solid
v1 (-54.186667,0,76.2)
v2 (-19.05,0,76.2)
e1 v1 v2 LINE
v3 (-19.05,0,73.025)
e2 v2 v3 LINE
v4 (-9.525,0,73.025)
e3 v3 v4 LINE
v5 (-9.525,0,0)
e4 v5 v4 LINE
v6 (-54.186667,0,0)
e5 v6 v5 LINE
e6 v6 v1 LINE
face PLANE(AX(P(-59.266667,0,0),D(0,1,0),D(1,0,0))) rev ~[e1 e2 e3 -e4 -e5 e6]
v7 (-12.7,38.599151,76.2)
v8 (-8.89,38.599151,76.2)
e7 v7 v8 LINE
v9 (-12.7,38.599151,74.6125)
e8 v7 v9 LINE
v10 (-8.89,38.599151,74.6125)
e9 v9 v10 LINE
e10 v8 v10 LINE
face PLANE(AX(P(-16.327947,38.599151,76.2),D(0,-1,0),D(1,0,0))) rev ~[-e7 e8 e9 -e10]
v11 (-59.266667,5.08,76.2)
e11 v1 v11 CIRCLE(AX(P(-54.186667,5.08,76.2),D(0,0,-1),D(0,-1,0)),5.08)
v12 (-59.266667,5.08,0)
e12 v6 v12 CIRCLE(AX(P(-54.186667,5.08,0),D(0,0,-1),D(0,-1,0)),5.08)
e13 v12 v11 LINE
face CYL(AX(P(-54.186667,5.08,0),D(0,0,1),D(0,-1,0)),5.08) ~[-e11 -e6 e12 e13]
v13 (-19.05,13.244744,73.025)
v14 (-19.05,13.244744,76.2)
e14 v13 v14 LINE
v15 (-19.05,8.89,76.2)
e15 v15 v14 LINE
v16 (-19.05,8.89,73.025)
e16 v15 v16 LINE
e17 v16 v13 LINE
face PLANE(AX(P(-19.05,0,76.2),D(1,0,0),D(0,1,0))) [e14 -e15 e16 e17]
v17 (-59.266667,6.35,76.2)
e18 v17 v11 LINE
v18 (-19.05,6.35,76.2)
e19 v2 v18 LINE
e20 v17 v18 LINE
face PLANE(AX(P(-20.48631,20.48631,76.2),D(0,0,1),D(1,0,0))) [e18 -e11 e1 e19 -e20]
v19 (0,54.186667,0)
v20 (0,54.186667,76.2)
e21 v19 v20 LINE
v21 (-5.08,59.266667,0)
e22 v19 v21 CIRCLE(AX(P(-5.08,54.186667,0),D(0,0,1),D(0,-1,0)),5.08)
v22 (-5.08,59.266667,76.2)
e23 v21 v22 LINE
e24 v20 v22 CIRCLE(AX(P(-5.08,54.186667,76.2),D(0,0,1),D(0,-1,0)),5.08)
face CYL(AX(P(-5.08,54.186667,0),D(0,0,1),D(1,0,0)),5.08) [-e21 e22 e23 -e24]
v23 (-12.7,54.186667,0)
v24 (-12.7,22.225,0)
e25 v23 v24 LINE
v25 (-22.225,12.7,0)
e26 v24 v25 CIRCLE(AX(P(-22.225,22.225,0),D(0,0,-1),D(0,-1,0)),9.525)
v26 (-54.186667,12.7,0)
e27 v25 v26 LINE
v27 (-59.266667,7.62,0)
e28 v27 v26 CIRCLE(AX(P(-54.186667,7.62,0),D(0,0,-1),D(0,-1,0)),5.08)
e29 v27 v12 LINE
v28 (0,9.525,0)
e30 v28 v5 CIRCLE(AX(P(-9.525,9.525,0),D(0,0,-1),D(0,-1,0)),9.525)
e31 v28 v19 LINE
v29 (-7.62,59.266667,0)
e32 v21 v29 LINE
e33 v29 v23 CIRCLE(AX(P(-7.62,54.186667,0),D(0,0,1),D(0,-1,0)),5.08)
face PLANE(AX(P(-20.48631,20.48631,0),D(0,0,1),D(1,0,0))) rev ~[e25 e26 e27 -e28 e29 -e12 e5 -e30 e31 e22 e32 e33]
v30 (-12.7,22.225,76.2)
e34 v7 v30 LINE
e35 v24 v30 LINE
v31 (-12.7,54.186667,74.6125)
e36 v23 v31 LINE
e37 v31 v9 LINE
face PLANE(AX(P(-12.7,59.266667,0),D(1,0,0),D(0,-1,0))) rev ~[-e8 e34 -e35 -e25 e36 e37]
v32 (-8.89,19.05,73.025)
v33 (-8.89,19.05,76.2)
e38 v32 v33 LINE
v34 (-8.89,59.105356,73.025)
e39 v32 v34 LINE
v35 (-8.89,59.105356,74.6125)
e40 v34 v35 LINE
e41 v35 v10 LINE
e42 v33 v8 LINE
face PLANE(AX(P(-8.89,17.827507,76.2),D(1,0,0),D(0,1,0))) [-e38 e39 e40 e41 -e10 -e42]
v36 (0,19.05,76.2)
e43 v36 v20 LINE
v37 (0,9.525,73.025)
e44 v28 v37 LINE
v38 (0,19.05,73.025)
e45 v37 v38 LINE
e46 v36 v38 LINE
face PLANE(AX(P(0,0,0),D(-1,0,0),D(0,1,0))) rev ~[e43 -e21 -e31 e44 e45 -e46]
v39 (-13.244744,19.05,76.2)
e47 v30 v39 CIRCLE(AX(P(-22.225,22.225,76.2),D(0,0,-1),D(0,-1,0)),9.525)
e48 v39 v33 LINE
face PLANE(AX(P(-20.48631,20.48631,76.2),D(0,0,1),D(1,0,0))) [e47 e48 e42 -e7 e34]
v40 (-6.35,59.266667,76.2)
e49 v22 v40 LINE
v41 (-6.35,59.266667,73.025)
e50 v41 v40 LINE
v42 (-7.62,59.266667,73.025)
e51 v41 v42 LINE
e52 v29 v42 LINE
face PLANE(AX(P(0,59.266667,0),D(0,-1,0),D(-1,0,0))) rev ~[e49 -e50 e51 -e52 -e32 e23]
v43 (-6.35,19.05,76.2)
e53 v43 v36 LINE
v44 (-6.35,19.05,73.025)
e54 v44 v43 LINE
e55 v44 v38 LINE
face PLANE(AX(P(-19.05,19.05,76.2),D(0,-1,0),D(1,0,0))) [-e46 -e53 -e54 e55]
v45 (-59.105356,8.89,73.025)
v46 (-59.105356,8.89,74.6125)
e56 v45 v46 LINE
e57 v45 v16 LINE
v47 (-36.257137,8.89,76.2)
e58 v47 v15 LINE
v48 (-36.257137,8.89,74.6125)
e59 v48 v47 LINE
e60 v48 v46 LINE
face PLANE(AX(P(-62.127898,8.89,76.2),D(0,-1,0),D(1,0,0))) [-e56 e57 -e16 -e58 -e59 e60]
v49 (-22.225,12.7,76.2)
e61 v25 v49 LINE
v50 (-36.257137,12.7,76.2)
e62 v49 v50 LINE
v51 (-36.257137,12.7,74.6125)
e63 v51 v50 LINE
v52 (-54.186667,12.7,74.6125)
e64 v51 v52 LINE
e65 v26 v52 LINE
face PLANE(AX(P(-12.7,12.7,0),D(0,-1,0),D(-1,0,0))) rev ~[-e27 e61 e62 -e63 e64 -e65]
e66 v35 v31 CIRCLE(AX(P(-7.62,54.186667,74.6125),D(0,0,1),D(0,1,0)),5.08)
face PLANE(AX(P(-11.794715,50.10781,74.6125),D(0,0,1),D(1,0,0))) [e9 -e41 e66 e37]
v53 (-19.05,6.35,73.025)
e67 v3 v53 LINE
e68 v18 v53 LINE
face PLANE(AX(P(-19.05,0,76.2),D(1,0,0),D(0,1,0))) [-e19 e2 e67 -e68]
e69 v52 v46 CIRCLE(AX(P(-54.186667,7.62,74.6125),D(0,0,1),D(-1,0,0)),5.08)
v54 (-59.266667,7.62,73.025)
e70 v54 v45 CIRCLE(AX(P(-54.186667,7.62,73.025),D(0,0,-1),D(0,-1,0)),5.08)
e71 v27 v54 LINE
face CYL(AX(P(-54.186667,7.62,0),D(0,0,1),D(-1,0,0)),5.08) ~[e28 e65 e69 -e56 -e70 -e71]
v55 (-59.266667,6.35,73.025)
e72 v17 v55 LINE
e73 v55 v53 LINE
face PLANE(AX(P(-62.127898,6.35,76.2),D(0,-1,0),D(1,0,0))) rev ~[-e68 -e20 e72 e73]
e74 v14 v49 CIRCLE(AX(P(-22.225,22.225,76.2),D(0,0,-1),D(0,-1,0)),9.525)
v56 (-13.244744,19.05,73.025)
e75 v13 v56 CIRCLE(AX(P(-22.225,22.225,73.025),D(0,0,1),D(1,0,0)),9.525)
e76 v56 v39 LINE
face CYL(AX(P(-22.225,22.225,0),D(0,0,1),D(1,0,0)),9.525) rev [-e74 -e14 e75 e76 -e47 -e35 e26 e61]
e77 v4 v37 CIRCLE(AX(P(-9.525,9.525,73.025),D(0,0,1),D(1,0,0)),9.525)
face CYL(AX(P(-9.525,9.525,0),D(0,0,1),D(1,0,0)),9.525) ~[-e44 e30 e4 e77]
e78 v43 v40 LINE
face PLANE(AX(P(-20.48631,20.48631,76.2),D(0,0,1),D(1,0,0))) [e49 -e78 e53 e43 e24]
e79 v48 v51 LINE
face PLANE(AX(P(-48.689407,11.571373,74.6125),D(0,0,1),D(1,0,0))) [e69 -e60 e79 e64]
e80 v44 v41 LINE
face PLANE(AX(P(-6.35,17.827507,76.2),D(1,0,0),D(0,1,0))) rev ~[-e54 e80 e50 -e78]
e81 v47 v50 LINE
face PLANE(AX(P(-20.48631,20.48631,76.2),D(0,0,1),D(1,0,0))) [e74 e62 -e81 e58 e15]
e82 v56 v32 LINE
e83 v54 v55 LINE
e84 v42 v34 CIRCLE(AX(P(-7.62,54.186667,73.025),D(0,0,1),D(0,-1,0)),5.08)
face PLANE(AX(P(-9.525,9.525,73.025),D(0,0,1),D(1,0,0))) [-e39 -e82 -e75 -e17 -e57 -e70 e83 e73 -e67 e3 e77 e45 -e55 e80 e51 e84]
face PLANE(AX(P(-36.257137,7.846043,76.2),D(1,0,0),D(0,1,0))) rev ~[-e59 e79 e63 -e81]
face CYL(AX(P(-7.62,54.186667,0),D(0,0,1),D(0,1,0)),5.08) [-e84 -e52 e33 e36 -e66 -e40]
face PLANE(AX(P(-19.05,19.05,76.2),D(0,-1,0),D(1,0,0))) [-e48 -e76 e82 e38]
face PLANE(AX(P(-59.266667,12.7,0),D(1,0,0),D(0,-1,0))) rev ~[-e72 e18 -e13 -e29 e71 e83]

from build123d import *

# Parameters (mm, degrees)
F1_DEPTH  = 76.2
F2_R      = 9.525
F4_W      = 19.05
F4_H      = 19.05
F5_DEPTH  = 3.175
F6_W      = 2.54
F6_H      = 44.45
F6_W_2    = 44.45
F6_H_2    = 2.54
F7_DEPTH  = 3.175
F8_R      = 5.08
F9_W      = 24.864539
F9_H      = 7.45066
F9_W_2    = 9.066464
F9_H_2    = 23.017317
F10_DEPTH = 1.5875


with BuildPart() as f1:
    # F0 (on Top) → F1 (new body)
    with BuildSketch(Plane.XY):
        Polygon((-12.7, 0), (0, 0), (0, 59.266667), (-12.7, 59.266667), (-12.7, 12.7), (-59.266667, 12.7), (-59.266667, 0), align=None)
    extrude(amount=F1_DEPTH)

    # F2
    f2_edges = [f1.edges().sort_by_distance(p)[0] for p in [
        (-12.7, 12.7, 38.1),
        (0, 0, 38.1),
    ]]
    fillet(f2_edges, radius=F2_R)

    # F4 (on offset) → F5 (cut)
    with BuildSketch(Plane.XY.offset(76.2)):
        with Locations((-9.525, 9.525)):
            Rectangle(F4_W, F4_H)
    extrude(amount=-F5_DEPTH, mode=Mode.SUBTRACT)

    # F6 (on offset) → F7 (cut)
    with BuildSketch(Plane.XY.offset(76.2)):
        with Locations((-7.62, 40.052507)):
            Rectangle(F6_W, F6_H)
        with Locations((-39.902898, 7.62)):
            Rectangle(F6_W_2, F6_H_2)
    extrude(amount=-F7_DEPTH, mode=Mode.SUBTRACT)

    # F8
    f8_edges = [f1.edges().sort_by_distance(p)[0] for p in [
        (-59.266667, 0, 38.1),
        (-59.266667, 12.7, 38.1),
        (-12.7, 59.266667, 38.1),
        (0, 59.266667, 38.1),
    ]]
    fillet(f8_edges, radius=F8_R)

    # F9 (on offset) → F10 (cut)
    with BuildSketch(Plane.XY.offset(76.2)):
        with Locations((-48.689407, 11.571373)):
            Rectangle(F9_W, F9_H)
        with Locations((-11.794715, 50.10781)):
            Rectangle(F9_W_2, F9_H_2)
    extrude(amount=-F10_DEPTH, mode=Mode.SUBTRACT)


solid = f1.part
